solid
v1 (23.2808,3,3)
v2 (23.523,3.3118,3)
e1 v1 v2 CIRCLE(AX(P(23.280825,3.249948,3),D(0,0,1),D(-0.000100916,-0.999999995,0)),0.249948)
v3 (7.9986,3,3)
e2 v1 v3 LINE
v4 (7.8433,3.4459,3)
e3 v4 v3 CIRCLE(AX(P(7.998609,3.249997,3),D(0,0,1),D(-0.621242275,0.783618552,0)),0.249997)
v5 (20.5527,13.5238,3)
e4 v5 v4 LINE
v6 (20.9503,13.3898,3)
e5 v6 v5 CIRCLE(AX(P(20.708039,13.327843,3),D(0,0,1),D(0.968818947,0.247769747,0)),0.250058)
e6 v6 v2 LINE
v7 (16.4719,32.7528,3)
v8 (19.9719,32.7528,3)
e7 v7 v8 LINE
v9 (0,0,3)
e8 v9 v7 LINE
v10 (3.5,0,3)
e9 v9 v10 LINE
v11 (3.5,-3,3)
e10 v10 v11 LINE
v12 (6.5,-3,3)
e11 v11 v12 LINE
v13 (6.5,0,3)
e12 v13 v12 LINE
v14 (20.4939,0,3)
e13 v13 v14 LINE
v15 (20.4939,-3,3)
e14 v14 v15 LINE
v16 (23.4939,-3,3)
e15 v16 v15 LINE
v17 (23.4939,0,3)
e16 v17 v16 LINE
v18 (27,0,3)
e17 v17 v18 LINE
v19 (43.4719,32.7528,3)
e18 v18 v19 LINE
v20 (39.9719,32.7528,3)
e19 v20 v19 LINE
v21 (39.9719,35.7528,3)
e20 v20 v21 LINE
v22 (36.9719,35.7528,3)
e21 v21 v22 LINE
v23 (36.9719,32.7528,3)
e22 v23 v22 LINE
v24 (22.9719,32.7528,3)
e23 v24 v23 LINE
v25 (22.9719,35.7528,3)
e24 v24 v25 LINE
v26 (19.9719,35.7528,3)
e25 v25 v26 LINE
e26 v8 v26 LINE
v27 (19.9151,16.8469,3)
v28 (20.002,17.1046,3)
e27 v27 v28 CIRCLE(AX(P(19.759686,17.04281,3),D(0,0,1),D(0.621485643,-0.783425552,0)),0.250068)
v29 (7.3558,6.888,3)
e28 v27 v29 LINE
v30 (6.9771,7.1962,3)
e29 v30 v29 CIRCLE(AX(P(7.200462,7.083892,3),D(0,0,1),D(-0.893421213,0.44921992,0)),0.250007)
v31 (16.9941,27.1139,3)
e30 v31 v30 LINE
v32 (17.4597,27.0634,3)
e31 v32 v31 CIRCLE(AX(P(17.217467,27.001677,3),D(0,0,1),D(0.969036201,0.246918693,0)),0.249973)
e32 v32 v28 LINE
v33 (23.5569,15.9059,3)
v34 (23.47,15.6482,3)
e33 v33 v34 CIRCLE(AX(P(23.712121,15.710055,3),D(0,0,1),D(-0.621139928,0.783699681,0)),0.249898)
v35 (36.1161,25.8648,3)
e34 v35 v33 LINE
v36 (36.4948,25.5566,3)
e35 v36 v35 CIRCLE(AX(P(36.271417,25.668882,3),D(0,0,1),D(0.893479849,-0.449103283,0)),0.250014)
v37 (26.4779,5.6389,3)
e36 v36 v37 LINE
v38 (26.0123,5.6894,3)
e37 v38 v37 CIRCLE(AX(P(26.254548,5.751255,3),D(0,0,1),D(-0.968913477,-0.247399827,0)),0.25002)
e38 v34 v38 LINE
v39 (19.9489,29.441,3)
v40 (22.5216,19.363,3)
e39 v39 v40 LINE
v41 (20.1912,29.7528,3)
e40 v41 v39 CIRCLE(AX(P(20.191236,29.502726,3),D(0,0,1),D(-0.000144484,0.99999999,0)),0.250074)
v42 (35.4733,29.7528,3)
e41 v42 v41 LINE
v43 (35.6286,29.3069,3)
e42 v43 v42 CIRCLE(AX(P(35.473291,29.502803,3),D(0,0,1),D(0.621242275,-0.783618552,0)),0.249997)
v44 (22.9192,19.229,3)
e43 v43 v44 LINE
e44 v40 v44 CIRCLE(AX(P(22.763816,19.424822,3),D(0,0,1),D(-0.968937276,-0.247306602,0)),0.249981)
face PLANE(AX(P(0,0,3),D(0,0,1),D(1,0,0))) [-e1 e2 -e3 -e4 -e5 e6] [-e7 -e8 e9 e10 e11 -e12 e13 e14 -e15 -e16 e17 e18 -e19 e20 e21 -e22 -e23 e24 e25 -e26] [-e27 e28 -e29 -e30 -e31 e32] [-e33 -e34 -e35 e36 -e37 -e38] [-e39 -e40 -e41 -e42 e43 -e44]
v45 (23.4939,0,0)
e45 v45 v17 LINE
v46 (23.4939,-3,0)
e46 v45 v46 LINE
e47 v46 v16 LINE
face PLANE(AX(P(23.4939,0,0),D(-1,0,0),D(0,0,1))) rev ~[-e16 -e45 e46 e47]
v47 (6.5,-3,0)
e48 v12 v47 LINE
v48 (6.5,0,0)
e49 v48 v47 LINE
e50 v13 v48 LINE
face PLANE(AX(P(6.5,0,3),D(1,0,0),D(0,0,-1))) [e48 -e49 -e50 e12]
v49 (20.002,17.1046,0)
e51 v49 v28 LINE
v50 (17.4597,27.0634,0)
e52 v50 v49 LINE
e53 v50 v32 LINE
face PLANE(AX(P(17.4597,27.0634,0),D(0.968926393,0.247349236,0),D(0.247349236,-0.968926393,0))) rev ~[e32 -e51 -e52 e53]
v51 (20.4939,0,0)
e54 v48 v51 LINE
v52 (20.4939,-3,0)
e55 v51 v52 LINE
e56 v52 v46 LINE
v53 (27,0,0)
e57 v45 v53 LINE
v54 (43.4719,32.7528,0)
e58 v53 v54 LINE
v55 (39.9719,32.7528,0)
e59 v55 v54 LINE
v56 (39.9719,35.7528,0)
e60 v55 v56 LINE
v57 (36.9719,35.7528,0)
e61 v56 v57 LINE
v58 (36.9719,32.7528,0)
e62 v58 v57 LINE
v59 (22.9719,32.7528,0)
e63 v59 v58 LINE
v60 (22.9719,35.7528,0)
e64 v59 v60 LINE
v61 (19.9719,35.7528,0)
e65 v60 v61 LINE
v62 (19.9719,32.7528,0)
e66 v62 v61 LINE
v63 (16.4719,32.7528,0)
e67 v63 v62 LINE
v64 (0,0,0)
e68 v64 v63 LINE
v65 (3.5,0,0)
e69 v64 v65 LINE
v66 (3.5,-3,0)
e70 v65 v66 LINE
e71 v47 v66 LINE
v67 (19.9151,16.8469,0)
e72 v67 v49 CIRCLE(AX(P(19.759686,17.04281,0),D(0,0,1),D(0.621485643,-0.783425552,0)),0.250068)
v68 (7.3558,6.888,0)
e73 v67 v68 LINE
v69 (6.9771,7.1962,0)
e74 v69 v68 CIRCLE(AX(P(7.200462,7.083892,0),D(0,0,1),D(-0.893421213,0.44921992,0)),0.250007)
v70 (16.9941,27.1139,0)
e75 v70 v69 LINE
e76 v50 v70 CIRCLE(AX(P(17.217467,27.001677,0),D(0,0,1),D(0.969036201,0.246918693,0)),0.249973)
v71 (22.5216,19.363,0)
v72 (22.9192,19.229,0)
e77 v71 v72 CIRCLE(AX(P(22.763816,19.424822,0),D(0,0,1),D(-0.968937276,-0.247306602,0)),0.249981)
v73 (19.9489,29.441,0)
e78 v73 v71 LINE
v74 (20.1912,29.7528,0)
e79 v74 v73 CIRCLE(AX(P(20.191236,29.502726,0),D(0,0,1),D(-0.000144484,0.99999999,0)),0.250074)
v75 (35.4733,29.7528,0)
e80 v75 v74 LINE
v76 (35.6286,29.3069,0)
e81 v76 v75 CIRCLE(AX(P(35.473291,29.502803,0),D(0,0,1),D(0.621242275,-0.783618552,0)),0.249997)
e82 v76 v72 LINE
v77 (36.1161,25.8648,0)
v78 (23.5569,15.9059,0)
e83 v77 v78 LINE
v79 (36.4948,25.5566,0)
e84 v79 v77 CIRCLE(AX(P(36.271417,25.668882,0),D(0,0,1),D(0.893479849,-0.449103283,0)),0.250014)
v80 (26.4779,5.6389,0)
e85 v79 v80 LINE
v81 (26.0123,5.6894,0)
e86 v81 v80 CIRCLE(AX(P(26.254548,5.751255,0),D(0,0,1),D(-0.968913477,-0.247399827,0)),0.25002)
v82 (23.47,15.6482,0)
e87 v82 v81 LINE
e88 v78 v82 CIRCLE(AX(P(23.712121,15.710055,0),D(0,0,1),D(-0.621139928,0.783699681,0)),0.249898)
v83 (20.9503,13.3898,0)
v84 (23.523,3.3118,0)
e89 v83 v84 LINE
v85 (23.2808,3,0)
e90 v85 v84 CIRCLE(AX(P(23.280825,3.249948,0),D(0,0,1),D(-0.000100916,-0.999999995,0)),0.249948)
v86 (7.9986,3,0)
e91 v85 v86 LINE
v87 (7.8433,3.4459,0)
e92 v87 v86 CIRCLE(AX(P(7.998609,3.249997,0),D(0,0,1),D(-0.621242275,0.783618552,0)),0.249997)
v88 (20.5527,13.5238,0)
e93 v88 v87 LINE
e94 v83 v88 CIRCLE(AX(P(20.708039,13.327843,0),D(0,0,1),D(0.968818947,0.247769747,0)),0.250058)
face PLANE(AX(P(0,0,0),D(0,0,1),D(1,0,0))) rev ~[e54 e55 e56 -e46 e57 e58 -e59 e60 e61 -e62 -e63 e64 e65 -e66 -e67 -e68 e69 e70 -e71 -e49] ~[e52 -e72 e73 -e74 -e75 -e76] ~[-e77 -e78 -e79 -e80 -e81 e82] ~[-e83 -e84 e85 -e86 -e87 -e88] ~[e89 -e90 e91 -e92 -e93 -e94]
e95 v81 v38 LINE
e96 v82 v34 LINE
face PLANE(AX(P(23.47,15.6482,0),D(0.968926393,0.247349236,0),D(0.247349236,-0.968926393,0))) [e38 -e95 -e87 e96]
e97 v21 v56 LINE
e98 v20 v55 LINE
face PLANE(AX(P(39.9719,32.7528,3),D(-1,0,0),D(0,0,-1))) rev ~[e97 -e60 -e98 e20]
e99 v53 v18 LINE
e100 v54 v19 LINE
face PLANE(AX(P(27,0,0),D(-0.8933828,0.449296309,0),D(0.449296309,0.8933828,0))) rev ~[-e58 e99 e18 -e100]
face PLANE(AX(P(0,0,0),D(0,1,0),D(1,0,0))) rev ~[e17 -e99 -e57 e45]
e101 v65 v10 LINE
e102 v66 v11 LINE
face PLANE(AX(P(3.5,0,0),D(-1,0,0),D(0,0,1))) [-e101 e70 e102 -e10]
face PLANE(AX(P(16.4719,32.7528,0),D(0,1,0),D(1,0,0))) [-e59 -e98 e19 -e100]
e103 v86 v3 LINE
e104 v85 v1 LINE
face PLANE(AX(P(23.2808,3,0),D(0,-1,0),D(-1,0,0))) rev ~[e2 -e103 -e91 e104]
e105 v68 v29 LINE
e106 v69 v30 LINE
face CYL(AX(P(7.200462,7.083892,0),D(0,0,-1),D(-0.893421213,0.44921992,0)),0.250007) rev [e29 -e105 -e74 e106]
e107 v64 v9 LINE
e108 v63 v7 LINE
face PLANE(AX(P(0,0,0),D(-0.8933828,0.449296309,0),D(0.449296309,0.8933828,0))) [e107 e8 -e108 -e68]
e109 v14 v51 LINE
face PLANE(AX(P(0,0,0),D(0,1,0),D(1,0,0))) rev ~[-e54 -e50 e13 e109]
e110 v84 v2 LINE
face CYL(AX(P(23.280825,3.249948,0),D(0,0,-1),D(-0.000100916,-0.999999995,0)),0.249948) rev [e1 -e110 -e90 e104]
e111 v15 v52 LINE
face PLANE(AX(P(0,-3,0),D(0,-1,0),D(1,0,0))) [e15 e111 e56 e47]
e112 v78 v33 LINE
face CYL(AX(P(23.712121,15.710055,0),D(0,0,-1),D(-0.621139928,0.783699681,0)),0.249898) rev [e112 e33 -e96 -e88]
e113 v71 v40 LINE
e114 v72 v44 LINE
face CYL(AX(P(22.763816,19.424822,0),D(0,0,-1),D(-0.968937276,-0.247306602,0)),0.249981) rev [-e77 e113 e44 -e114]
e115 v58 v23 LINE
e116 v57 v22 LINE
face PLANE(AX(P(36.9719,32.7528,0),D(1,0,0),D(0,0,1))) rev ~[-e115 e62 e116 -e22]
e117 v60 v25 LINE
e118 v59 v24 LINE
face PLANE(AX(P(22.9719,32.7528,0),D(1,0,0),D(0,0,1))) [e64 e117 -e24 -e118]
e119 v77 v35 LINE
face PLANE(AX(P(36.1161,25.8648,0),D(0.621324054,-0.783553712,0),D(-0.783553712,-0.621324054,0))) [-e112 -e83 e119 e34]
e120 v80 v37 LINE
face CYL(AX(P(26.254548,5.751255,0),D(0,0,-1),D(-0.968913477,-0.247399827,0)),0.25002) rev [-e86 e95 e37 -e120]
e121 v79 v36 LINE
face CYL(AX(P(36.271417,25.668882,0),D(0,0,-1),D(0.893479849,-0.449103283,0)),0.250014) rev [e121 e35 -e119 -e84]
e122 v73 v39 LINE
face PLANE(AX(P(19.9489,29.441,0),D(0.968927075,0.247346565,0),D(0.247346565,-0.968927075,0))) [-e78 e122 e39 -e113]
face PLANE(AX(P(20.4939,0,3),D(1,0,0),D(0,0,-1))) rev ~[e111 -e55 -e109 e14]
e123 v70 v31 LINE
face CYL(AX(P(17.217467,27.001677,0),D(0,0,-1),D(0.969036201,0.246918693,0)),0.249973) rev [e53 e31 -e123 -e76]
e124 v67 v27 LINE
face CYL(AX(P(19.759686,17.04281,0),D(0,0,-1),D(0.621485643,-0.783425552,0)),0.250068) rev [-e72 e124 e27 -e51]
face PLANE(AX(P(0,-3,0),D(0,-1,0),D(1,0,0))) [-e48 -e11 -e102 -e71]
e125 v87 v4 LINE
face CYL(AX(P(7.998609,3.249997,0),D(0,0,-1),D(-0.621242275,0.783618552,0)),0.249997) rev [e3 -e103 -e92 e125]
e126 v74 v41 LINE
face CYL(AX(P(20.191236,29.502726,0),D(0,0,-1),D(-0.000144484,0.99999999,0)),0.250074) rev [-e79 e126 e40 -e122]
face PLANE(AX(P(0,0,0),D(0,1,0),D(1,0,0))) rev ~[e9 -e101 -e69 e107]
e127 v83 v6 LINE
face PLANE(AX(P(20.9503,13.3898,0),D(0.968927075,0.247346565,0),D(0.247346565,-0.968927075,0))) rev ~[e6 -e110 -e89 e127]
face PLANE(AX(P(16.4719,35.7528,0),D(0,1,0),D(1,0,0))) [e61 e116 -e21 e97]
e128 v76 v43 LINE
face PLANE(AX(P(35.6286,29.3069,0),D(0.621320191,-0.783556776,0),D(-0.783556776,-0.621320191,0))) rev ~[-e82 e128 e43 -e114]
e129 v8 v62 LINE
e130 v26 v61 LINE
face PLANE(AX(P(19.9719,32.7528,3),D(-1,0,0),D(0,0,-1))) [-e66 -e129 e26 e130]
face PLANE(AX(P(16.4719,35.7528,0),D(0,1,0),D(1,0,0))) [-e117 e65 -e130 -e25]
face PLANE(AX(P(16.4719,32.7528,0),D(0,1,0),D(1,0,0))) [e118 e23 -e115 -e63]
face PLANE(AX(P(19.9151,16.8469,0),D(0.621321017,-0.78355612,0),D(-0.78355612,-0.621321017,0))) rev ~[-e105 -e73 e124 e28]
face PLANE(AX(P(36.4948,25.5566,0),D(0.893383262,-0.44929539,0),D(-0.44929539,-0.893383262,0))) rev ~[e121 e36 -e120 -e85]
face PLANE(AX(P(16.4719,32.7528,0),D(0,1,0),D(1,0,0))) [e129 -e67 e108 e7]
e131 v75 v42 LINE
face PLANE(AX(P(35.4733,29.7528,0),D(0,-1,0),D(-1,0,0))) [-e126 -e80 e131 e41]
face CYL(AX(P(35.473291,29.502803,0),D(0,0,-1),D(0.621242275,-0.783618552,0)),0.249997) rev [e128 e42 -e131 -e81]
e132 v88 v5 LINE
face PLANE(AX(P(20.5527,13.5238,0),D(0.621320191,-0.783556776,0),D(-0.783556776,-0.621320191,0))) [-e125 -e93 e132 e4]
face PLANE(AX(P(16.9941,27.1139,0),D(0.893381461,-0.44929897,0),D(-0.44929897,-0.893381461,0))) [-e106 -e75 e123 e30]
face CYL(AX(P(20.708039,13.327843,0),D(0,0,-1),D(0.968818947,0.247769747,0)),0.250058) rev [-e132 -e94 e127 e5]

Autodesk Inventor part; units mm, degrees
ref_plane "YZ Plane" through (0, 0, 0) normal (1, 0, 0) x (0, 1, 0)
ref_plane "XZ Plane" through (0, 0, 0) normal (0, 1, 0) x (-1, 0, 0)
ref_plane "XY Plane" through (0, 0, 0) normal (0, 0, 1) x (1, 0, 0)
sketch "Esboço1" plane through (0, 0, 0) normal (0, 0, 1) x (1, 0, 0)
  line L0 (0, 0) -> (16.4719, 32.7528)
  line L1 (16.4719, 32.7528) -> (43.4719, 32.7528)
  line L2 (0, 0) -> (27, 0)
  line L3 (27, 0) -> (43.4719, 32.7528)
  line L4 (16.9941, 27.1139) -> (6.9771, 7.1962)
  line L5 (35.4733, 29.7528) -> (20.1912, 29.7528)
  line L6 (23.2808, 3) -> (7.9986, 3)
  line L7 (36.4948, 25.5566) -> (26.4779, 5.6389)
  arc A0 (7.8433, 3.4459) -> (7.9986, 3) centre (7.9986, 3.25) ccw
  arc A1 (6.9771, 7.1962) -> (7.3558, 6.888) centre (7.2005, 7.0839) ccw
  arc A2 (36.4948, 25.5566) -> (36.1161, 25.8648) centre (36.2715, 25.6689) ccw
  arc A3 (35.6286, 29.3069) -> (35.4733, 29.7528) centre (35.4733, 29.5028) ccw
  arc A4 (17.4597, 27.0634) -> (16.9941, 27.1139) centre (17.2174, 27.0016) ccw
  arc A5 (20.1912, 29.7528) -> (19.9489, 29.441) centre (20.1912, 29.5028) ccw
  line L8 (17.4597, 27.0634) -> (20.002, 17.1046)
  line L9 (20.9503, 13.3898) -> (23.523, 3.3118)
  line L10 (36.1161, 25.8648) -> (23.5569, 15.9059)
  line L11 (20.5527, 13.5238) -> (7.8433, 3.4459)
  line L12 (19.9489, 29.441) -> (22.5216, 19.363)
  line L13 (23.47, 15.6482) -> (26.0123, 5.6894)
  line L14 (35.6286, 29.3069) -> (22.9192, 19.229)
  line L15 (19.9151, 16.8469) -> (7.3558, 6.888)
  arc A6 (20.9503, 13.3898) -> (20.5527, 13.5238) centre (20.7081, 13.3279) ccw
  arc A7 (19.9151, 16.8469) -> (20.002, 17.1046) centre (19.7597, 17.0428) ccw
  arc A8 (22.5216, 19.363) -> (22.9192, 19.229) centre (22.7639, 19.4249) ccw
  arc A9 (23.5569, 15.9059) -> (23.47, 15.6482) centre (23.7122, 15.71) ccw
  arc A10 (23.2808, 3) -> (23.523, 3.3118) centre (23.2808, 3.25) ccw
  arc A11 (26.0123, 5.6894) -> (26.4779, 5.6389) centre (26.2545, 5.7512) ccw
extrude "Extrusão1" add sketch "Esboço1" along normal blind 3
sketch "Esboço2" plane through (16.4719, 32.7528, 0) normal (0, 1, 0) x (1, 0, 0)
  line L0 (27, 0) -> (0, 0) projected
  line L1 (27, -3) -> (0, -3) projected
  line L2 (23.5, 0) -> (20.5, 0)
  line L3 (20.5, 0) -> (20.5, -3)
  line L4 (20.5, -3) -> (23.5, -3)
  line L5 (23.5, -3) -> (23.5, 0)
  line L6 (3.5, 0) -> (6.5, 0)
  line L7 (6.5, 0) -> (6.5, -3)
  line L8 (6.5, -3) -> (3.5, -3)
  line L9 (3.5, -3) -> (3.5, 0)
  point P0 (-16.4719, 0)
  point P1 (3.5, -3)
  point P2 (6.5, -3)
  point P3 (6.5, 0)
  dimension "d13" = 3
  dimension "d14" = 3
  dimension "d61" = 3
  dimension "d62" = 3
extrude "Extrusão2" add sketch "Esboço2" along normal blind 3 contours L5 L1 L3 L0 | L7 L1 L9 L0
sketch "Esboço3" plane through (0, 0, 0) normal (0, -1, 0) x (1, 0, 0)
  line L0 (3.5, 3) -> (6.5, 3)
  line L1 (6.5, 3) -> (6.5, 0)
  line L2 (6.5, 0) -> (3.5, 0)
  line L3 (3.5, 0) -> (3.5, 3)
  line L4 (23.4939, 3) -> (20.4939, 3)
  line L5 (20.4939, 3) -> (20.4939, 0)
  line L6 (20.4939, 0) -> (23.4939, 0)
  line L7 (23.4939, 0) -> (23.4939, 3)
  point P0 (0, 0)
  dimension "d65" = 3
  dimension "d66" = 3
  dimension "d67" = 3
  dimension "d68" = 3
extrude "Extrusão3" add sketch "Esboço3" along normal blind 3
properties part number "ENTRE_ASA"
